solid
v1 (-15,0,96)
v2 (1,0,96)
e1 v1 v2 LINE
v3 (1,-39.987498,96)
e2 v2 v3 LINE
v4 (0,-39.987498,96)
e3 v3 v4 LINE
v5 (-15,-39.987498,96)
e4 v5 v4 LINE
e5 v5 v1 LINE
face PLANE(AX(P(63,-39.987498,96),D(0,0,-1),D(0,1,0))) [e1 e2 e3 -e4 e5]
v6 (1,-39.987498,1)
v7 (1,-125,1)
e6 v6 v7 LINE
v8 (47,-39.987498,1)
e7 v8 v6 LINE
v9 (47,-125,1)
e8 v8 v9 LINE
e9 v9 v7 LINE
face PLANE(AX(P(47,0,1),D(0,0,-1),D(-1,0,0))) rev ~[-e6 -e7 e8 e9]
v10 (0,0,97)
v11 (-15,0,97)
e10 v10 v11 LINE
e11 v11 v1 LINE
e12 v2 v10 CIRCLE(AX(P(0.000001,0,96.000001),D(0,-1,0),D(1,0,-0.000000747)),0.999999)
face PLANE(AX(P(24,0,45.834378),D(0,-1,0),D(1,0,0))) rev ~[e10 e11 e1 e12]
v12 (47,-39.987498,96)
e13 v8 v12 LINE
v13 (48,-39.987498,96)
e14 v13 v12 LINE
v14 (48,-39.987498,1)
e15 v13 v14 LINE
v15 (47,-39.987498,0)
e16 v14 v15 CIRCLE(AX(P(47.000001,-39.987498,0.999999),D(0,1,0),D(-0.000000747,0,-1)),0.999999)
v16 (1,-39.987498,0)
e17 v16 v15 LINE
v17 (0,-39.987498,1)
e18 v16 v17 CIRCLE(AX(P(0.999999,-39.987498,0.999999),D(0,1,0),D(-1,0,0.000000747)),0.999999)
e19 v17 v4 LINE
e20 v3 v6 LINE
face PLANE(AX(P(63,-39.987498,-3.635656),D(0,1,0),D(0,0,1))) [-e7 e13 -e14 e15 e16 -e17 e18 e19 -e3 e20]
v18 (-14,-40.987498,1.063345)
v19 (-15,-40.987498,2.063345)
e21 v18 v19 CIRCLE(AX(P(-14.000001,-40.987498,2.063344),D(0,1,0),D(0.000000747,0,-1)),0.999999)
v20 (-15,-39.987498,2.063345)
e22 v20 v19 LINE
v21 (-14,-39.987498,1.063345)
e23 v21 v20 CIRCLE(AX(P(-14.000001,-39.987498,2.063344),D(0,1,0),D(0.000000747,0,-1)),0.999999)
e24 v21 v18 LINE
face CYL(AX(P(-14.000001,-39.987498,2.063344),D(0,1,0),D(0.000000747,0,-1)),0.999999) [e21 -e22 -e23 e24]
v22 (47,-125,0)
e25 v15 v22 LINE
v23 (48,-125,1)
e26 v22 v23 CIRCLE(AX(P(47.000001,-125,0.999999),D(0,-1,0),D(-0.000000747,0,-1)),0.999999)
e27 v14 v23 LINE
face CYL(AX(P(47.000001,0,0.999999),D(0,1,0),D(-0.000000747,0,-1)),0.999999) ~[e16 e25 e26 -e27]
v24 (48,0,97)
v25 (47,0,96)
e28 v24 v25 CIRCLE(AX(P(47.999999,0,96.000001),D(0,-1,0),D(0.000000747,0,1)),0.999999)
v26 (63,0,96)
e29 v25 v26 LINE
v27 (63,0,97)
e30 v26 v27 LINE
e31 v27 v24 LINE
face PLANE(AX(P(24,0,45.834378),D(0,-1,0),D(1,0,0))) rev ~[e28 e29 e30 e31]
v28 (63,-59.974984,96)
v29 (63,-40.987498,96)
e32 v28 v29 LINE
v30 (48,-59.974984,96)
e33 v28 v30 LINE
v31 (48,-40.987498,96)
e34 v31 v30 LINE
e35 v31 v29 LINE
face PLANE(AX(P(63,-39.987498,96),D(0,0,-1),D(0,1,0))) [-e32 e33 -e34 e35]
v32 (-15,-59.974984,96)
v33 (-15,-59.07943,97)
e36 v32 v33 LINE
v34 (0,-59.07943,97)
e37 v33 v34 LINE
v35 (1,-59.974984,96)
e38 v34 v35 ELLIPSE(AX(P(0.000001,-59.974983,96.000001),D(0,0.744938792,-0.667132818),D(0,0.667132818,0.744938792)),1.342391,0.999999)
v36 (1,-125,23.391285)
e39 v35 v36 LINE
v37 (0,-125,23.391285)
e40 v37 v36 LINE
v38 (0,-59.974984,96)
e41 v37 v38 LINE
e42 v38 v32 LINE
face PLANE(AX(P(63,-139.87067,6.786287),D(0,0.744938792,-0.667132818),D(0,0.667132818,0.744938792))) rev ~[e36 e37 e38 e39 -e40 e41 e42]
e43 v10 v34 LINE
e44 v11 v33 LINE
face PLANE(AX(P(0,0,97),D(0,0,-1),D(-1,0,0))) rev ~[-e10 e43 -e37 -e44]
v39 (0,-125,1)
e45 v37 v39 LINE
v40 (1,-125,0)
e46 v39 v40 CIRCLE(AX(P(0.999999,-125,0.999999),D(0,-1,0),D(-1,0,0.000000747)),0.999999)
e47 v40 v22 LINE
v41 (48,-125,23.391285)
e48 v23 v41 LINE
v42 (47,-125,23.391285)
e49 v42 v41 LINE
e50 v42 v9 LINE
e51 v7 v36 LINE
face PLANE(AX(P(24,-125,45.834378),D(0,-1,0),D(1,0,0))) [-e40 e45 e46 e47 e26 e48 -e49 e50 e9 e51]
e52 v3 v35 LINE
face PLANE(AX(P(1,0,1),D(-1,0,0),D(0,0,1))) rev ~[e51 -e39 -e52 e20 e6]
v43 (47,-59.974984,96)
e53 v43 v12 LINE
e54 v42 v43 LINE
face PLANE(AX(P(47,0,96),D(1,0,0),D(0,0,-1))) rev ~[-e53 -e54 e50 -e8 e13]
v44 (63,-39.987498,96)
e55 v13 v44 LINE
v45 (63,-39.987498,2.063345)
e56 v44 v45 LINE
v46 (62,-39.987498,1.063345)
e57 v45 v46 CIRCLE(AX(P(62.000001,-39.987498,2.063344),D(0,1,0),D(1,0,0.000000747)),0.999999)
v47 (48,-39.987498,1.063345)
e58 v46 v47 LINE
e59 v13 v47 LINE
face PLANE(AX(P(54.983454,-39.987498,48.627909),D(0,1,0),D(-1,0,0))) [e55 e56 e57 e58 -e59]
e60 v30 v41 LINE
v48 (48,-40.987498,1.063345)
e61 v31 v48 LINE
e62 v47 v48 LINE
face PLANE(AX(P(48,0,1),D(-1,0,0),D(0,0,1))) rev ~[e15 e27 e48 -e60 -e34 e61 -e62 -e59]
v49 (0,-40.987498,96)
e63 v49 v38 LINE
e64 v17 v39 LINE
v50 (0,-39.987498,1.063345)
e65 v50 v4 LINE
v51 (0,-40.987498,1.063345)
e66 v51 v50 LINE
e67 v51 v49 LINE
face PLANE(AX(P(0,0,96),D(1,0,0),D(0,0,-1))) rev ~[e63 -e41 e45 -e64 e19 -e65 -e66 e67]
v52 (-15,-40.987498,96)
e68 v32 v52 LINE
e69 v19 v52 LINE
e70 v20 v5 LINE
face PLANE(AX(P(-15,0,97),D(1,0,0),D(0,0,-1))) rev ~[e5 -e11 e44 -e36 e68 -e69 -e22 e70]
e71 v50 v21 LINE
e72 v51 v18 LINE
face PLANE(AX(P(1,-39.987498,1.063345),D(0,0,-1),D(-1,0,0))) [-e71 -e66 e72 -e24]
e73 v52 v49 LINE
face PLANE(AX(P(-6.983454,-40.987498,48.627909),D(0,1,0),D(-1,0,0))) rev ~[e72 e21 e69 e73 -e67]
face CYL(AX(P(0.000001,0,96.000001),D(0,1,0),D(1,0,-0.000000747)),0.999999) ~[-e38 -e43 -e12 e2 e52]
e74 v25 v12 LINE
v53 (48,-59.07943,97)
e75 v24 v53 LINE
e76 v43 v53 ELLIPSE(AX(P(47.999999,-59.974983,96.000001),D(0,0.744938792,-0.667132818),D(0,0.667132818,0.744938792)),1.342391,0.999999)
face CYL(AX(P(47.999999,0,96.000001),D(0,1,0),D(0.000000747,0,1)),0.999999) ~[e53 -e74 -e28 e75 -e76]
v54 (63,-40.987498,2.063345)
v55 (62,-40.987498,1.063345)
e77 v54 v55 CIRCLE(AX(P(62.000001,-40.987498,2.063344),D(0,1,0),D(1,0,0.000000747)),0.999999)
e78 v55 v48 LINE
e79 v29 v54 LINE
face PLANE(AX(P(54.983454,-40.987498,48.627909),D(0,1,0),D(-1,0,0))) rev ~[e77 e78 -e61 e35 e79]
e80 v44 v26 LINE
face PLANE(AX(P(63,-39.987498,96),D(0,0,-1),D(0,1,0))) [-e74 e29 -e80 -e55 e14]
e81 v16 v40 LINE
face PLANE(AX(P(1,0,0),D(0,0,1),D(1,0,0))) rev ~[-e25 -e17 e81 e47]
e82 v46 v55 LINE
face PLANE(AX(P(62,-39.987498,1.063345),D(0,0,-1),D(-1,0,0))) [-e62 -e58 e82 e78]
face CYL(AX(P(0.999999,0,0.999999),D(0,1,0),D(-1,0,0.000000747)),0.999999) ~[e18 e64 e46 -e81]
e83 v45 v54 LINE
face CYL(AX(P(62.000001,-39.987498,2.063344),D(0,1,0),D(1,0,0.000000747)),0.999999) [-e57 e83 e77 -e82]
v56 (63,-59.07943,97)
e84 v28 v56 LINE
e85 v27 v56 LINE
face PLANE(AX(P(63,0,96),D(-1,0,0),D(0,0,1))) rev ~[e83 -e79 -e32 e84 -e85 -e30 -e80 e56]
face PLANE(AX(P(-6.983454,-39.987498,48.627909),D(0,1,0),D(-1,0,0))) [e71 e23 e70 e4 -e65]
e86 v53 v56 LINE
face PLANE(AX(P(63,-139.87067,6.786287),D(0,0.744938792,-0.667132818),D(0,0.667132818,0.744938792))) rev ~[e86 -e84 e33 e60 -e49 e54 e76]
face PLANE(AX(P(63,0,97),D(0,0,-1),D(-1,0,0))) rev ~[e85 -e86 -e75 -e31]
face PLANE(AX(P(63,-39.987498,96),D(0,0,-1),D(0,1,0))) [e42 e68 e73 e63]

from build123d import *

# Parameters (mm, degrees)
F1_DEPTH      = 125
F2_W          = 45.333487
F2_H          = 99.635656
F3_DEPTH      = 100
F3_DEPTH_BACK = 50
F5_DEPTH      = 1


with BuildPart() as f1:
    # F0 (on Front) → F1 (new body)
    with BuildSketch(Plane.XZ):
        with BuildLine():
            ThreePointArc((0, 1), (0.292893, 0.292893), (1, 0))
            Line((1, 0), (47, 0))
            ThreePointArc((47, 0), (47.707107, 0.292893), (48, 1))
            Line((48, 1), (48, 96))
            Line((48, 96), (63, 96))
            Line((63, 96), (63, 97))
            Line((63, 97), (48, 97))
            ThreePointArc((48, 97), (47.292893, 96.707107), (47, 96))
            Line((47, 96), (47, 1))
            Line((47, 1), (1, 1))
            Line((1, 1), (1, 96))
            ThreePointArc((1, 96), (0.707107, 96.707107), (0, 97))
            Line((0, 97), (-15, 97))
            Line((-15, 97), (-15, 96))
            Line((-15, 96), (0, 96))
            Line((0, 96), (0, 1))
        make_face()
    extrude(amount=F1_DEPTH)

    # F2 (on face) → F3 (cut, two sides)
    with BuildSketch(Plane.YZ.offset(63)) as f3_sk:
        with Locations((-17.320754, 46.182172)):
            Rectangle(F2_W, F2_H)
        Polygon((-139.87067, 100.481688), (-139.87067, 6.786287), (-55.961391, 100.481688), align=None)
    extrude(amount=-F3_DEPTH, mode=Mode.SUBTRACT)
    extrude(f3_sk.sketch, amount=-F3_DEPTH_BACK, mode=Mode.SUBTRACT)

    # F4 (on face) → F5 (join)
    with BuildSketch(Plane(origin=(0, -39.987498, 0), x_dir=(-1, 0, 0), z_dir=(0, 1, 0))):
        with BuildLine():
            Line((-47, 1.063345), (-47, 96))
            Line((-47, 96), (-63, 96))
            Line((-63, 96), (-63, 2.063345))
            ThreePointArc((-63, 2.063345), (-62.707107, 1.356238), (-62, 1.063345))
            Line((-62, 1.063345), (-47, 1.063345))
        make_face()
        with BuildLine():
            Line((15, 2.063345), (15, 96))
            Line((15, 96), (-1, 96))
            Line((-1, 96), (-1, 1.063345))
            Line((-1, 1.063345), (14, 1.063345))
            ThreePointArc((14, 1.063345), (14.707107, 1.356238), (15, 2.063345))
        make_face()
    extrude(amount=-F5_DEPTH)


solid = f1.part
